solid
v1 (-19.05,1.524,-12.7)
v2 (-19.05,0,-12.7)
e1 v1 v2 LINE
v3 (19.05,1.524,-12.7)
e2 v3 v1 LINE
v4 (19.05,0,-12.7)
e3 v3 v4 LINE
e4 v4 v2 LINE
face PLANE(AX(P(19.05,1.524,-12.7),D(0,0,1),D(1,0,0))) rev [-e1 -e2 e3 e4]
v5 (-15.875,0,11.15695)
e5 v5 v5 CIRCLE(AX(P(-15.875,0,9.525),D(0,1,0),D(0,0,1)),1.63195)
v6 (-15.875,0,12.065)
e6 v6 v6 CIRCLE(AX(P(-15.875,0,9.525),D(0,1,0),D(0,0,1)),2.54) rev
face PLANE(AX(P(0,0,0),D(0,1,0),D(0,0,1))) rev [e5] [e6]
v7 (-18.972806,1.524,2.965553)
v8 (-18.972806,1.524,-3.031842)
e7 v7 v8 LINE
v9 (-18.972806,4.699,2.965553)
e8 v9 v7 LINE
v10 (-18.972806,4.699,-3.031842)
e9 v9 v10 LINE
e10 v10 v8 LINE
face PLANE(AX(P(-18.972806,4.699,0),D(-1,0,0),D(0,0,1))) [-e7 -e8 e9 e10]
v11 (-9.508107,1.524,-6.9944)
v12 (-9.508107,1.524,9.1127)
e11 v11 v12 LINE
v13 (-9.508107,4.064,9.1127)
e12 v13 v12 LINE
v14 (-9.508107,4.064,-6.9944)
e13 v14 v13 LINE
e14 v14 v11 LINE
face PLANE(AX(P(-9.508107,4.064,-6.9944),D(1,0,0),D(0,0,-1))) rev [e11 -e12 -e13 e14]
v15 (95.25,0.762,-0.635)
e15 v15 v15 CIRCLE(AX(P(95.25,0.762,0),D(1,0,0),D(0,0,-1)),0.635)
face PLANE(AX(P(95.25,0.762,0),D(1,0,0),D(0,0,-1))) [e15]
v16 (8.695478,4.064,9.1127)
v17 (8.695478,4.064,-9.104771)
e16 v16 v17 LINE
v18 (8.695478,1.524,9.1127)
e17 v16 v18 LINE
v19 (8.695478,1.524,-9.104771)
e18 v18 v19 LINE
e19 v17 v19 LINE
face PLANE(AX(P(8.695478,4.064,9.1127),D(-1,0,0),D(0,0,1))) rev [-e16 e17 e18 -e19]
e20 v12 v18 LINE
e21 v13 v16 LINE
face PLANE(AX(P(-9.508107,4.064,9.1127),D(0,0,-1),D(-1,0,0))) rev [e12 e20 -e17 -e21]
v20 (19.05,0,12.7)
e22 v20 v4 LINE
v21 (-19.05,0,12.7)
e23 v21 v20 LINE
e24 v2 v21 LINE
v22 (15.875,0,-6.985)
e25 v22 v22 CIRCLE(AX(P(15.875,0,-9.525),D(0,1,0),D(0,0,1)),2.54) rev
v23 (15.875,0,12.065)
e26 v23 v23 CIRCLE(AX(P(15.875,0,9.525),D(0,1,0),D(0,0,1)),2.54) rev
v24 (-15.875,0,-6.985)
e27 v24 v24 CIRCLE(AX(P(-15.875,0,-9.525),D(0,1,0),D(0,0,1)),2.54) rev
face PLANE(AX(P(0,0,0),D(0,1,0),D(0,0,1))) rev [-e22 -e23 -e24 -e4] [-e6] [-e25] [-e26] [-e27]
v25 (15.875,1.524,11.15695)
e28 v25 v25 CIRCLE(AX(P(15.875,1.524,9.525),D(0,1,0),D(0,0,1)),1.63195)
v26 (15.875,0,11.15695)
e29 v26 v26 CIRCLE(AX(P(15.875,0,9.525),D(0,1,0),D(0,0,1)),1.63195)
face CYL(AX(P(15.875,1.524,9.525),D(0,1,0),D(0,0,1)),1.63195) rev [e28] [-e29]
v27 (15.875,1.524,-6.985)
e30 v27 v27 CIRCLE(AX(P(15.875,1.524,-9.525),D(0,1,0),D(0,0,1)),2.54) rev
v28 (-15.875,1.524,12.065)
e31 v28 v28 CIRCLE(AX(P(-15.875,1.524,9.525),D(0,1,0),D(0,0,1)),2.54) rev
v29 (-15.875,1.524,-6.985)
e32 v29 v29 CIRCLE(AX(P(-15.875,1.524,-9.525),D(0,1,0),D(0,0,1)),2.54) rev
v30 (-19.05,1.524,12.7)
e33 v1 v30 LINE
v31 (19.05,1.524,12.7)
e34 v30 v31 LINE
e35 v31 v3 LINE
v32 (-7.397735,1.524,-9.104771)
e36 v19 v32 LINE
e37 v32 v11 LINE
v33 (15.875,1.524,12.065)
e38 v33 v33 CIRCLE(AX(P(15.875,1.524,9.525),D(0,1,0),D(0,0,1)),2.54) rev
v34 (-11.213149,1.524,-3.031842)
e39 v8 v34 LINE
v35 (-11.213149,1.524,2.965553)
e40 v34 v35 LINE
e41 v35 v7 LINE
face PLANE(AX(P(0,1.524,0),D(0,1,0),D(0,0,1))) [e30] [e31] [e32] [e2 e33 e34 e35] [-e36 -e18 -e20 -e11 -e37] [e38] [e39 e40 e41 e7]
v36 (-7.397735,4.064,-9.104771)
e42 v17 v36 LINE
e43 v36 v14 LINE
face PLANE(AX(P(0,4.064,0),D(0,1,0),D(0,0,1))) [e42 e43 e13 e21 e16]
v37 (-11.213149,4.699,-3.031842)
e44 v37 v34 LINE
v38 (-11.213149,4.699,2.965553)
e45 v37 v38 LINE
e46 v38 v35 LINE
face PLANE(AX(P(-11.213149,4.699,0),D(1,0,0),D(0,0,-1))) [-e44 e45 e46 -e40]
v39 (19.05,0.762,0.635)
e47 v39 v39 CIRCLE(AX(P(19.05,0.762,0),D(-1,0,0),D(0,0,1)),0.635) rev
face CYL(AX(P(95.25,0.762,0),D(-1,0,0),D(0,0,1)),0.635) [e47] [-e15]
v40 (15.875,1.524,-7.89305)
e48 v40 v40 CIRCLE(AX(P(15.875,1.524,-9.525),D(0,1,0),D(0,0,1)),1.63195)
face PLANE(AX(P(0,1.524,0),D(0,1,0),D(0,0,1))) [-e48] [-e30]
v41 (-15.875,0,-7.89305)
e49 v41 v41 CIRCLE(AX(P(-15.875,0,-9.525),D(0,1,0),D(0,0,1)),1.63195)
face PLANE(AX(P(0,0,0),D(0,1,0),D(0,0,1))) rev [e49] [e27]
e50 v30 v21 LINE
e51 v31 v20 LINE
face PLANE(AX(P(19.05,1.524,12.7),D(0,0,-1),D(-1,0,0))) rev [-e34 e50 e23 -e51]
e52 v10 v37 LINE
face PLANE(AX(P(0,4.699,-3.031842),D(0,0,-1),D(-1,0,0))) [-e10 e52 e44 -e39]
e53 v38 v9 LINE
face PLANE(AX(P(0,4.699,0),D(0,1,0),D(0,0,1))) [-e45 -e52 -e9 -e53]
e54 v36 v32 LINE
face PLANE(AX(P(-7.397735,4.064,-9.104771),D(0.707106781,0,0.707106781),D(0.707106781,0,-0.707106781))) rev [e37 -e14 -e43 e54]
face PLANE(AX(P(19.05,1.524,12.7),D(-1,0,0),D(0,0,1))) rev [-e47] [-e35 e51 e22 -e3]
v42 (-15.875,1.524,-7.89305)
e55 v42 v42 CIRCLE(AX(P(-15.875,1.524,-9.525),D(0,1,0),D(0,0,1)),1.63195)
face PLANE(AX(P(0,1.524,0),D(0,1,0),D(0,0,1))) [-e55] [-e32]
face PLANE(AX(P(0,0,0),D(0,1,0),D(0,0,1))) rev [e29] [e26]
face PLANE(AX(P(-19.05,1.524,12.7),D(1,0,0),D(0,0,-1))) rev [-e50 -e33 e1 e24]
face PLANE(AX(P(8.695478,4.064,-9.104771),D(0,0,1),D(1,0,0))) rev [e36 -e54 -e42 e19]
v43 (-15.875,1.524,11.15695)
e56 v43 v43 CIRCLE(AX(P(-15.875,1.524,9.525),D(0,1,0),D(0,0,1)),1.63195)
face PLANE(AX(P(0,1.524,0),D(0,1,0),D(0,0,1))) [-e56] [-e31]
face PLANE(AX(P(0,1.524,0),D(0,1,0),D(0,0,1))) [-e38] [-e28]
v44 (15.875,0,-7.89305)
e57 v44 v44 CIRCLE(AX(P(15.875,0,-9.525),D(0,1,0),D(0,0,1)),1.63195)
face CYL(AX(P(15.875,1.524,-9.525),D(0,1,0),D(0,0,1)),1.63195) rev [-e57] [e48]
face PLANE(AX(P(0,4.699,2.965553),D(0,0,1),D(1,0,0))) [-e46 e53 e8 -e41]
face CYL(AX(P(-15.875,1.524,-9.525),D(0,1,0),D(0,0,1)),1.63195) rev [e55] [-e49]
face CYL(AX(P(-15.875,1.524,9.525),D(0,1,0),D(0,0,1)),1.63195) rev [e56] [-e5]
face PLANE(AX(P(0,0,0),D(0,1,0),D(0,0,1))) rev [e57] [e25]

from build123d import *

# Parameters (mm, degrees)
SKETCH1_W             = 38.1
SKETCH1_H             = 25.4
BOSS_EXTRUDE1_DEPTH   = 1.524
F_4_CLEARANCE_HOLE1_D = 3.2639
BOSS_EXTRUDE2_DEPTH   = 2.54
SKETCH2_3_W           = 7.759657213
SKETCH2_3_H           = 5.99739549
BOSS_EXTRUDE3_DEPTH   = 3.175
SKETCH6_R             = 0.635
BOSS_EXTRUDE4_DEPTH   = 76.2


with BuildPart() as part:
    # Sketch1 → Boss-Extrude1 (new body)
    with BuildSketch(Plane(origin=(0, 0, 0), x_dir=(1, 0, 0), z_dir=(0, 1, 0))):
        Rectangle(SKETCH1_W, SKETCH1_H)
    extrude(amount=BOSS_EXTRUDE1_DEPTH)

    # #4 Clearance Hole1 (through all)
    with Locations(Plane(origin=(0, 1.524, 0), x_dir=(1, 0, 0), z_dir=(0, 1, 0))):
        with Locations((-15.875, 9.525), (15.875, 9.525), (15.875, -9.525), (-15.875, -9.525)):
            Hole(F_4_CLEARANCE_HOLE1_D / 2)

    # Sketch2 → Boss-Extrude2 (add)
    with BuildSketch(Plane(origin=(0, 1.524, 0), x_dir=(1, 0, 0), z_dir=(0, 1, 0))):
        Polygon((-9.50810694, -9.112699607), (8.695477597, -9.112699607), (8.695477597, 9.104771495), (-7.397734973, 9.104771495), (-9.50810694, 6.994399527), align=None)
    extrude(amount=BOSS_EXTRUDE2_DEPTH)

    # Sketch2<3> → Boss-Extrude3 (add)
    with BuildSketch(Plane(origin=(0, 1.524, 0), x_dir=(1, 0, 0), z_dir=(0, 1, 0))):
        with Locations((-15.092977225, 0.033144474)):
            Rectangle(SKETCH2_3_W, SKETCH2_3_H)
    extrude(amount=BOSS_EXTRUDE3_DEPTH)

    # Sketch6 → Boss-Extrude4 (add)
    with BuildSketch(Plane(origin=(19.05, 0, 0), x_dir=(0, 0, -1), z_dir=(1, 0, 0))):
        with Locations((0, 0.762)):
            Circle(SKETCH6_R)
    extrude(amount=BOSS_EXTRUDE4_DEPTH)


solid = part.part
